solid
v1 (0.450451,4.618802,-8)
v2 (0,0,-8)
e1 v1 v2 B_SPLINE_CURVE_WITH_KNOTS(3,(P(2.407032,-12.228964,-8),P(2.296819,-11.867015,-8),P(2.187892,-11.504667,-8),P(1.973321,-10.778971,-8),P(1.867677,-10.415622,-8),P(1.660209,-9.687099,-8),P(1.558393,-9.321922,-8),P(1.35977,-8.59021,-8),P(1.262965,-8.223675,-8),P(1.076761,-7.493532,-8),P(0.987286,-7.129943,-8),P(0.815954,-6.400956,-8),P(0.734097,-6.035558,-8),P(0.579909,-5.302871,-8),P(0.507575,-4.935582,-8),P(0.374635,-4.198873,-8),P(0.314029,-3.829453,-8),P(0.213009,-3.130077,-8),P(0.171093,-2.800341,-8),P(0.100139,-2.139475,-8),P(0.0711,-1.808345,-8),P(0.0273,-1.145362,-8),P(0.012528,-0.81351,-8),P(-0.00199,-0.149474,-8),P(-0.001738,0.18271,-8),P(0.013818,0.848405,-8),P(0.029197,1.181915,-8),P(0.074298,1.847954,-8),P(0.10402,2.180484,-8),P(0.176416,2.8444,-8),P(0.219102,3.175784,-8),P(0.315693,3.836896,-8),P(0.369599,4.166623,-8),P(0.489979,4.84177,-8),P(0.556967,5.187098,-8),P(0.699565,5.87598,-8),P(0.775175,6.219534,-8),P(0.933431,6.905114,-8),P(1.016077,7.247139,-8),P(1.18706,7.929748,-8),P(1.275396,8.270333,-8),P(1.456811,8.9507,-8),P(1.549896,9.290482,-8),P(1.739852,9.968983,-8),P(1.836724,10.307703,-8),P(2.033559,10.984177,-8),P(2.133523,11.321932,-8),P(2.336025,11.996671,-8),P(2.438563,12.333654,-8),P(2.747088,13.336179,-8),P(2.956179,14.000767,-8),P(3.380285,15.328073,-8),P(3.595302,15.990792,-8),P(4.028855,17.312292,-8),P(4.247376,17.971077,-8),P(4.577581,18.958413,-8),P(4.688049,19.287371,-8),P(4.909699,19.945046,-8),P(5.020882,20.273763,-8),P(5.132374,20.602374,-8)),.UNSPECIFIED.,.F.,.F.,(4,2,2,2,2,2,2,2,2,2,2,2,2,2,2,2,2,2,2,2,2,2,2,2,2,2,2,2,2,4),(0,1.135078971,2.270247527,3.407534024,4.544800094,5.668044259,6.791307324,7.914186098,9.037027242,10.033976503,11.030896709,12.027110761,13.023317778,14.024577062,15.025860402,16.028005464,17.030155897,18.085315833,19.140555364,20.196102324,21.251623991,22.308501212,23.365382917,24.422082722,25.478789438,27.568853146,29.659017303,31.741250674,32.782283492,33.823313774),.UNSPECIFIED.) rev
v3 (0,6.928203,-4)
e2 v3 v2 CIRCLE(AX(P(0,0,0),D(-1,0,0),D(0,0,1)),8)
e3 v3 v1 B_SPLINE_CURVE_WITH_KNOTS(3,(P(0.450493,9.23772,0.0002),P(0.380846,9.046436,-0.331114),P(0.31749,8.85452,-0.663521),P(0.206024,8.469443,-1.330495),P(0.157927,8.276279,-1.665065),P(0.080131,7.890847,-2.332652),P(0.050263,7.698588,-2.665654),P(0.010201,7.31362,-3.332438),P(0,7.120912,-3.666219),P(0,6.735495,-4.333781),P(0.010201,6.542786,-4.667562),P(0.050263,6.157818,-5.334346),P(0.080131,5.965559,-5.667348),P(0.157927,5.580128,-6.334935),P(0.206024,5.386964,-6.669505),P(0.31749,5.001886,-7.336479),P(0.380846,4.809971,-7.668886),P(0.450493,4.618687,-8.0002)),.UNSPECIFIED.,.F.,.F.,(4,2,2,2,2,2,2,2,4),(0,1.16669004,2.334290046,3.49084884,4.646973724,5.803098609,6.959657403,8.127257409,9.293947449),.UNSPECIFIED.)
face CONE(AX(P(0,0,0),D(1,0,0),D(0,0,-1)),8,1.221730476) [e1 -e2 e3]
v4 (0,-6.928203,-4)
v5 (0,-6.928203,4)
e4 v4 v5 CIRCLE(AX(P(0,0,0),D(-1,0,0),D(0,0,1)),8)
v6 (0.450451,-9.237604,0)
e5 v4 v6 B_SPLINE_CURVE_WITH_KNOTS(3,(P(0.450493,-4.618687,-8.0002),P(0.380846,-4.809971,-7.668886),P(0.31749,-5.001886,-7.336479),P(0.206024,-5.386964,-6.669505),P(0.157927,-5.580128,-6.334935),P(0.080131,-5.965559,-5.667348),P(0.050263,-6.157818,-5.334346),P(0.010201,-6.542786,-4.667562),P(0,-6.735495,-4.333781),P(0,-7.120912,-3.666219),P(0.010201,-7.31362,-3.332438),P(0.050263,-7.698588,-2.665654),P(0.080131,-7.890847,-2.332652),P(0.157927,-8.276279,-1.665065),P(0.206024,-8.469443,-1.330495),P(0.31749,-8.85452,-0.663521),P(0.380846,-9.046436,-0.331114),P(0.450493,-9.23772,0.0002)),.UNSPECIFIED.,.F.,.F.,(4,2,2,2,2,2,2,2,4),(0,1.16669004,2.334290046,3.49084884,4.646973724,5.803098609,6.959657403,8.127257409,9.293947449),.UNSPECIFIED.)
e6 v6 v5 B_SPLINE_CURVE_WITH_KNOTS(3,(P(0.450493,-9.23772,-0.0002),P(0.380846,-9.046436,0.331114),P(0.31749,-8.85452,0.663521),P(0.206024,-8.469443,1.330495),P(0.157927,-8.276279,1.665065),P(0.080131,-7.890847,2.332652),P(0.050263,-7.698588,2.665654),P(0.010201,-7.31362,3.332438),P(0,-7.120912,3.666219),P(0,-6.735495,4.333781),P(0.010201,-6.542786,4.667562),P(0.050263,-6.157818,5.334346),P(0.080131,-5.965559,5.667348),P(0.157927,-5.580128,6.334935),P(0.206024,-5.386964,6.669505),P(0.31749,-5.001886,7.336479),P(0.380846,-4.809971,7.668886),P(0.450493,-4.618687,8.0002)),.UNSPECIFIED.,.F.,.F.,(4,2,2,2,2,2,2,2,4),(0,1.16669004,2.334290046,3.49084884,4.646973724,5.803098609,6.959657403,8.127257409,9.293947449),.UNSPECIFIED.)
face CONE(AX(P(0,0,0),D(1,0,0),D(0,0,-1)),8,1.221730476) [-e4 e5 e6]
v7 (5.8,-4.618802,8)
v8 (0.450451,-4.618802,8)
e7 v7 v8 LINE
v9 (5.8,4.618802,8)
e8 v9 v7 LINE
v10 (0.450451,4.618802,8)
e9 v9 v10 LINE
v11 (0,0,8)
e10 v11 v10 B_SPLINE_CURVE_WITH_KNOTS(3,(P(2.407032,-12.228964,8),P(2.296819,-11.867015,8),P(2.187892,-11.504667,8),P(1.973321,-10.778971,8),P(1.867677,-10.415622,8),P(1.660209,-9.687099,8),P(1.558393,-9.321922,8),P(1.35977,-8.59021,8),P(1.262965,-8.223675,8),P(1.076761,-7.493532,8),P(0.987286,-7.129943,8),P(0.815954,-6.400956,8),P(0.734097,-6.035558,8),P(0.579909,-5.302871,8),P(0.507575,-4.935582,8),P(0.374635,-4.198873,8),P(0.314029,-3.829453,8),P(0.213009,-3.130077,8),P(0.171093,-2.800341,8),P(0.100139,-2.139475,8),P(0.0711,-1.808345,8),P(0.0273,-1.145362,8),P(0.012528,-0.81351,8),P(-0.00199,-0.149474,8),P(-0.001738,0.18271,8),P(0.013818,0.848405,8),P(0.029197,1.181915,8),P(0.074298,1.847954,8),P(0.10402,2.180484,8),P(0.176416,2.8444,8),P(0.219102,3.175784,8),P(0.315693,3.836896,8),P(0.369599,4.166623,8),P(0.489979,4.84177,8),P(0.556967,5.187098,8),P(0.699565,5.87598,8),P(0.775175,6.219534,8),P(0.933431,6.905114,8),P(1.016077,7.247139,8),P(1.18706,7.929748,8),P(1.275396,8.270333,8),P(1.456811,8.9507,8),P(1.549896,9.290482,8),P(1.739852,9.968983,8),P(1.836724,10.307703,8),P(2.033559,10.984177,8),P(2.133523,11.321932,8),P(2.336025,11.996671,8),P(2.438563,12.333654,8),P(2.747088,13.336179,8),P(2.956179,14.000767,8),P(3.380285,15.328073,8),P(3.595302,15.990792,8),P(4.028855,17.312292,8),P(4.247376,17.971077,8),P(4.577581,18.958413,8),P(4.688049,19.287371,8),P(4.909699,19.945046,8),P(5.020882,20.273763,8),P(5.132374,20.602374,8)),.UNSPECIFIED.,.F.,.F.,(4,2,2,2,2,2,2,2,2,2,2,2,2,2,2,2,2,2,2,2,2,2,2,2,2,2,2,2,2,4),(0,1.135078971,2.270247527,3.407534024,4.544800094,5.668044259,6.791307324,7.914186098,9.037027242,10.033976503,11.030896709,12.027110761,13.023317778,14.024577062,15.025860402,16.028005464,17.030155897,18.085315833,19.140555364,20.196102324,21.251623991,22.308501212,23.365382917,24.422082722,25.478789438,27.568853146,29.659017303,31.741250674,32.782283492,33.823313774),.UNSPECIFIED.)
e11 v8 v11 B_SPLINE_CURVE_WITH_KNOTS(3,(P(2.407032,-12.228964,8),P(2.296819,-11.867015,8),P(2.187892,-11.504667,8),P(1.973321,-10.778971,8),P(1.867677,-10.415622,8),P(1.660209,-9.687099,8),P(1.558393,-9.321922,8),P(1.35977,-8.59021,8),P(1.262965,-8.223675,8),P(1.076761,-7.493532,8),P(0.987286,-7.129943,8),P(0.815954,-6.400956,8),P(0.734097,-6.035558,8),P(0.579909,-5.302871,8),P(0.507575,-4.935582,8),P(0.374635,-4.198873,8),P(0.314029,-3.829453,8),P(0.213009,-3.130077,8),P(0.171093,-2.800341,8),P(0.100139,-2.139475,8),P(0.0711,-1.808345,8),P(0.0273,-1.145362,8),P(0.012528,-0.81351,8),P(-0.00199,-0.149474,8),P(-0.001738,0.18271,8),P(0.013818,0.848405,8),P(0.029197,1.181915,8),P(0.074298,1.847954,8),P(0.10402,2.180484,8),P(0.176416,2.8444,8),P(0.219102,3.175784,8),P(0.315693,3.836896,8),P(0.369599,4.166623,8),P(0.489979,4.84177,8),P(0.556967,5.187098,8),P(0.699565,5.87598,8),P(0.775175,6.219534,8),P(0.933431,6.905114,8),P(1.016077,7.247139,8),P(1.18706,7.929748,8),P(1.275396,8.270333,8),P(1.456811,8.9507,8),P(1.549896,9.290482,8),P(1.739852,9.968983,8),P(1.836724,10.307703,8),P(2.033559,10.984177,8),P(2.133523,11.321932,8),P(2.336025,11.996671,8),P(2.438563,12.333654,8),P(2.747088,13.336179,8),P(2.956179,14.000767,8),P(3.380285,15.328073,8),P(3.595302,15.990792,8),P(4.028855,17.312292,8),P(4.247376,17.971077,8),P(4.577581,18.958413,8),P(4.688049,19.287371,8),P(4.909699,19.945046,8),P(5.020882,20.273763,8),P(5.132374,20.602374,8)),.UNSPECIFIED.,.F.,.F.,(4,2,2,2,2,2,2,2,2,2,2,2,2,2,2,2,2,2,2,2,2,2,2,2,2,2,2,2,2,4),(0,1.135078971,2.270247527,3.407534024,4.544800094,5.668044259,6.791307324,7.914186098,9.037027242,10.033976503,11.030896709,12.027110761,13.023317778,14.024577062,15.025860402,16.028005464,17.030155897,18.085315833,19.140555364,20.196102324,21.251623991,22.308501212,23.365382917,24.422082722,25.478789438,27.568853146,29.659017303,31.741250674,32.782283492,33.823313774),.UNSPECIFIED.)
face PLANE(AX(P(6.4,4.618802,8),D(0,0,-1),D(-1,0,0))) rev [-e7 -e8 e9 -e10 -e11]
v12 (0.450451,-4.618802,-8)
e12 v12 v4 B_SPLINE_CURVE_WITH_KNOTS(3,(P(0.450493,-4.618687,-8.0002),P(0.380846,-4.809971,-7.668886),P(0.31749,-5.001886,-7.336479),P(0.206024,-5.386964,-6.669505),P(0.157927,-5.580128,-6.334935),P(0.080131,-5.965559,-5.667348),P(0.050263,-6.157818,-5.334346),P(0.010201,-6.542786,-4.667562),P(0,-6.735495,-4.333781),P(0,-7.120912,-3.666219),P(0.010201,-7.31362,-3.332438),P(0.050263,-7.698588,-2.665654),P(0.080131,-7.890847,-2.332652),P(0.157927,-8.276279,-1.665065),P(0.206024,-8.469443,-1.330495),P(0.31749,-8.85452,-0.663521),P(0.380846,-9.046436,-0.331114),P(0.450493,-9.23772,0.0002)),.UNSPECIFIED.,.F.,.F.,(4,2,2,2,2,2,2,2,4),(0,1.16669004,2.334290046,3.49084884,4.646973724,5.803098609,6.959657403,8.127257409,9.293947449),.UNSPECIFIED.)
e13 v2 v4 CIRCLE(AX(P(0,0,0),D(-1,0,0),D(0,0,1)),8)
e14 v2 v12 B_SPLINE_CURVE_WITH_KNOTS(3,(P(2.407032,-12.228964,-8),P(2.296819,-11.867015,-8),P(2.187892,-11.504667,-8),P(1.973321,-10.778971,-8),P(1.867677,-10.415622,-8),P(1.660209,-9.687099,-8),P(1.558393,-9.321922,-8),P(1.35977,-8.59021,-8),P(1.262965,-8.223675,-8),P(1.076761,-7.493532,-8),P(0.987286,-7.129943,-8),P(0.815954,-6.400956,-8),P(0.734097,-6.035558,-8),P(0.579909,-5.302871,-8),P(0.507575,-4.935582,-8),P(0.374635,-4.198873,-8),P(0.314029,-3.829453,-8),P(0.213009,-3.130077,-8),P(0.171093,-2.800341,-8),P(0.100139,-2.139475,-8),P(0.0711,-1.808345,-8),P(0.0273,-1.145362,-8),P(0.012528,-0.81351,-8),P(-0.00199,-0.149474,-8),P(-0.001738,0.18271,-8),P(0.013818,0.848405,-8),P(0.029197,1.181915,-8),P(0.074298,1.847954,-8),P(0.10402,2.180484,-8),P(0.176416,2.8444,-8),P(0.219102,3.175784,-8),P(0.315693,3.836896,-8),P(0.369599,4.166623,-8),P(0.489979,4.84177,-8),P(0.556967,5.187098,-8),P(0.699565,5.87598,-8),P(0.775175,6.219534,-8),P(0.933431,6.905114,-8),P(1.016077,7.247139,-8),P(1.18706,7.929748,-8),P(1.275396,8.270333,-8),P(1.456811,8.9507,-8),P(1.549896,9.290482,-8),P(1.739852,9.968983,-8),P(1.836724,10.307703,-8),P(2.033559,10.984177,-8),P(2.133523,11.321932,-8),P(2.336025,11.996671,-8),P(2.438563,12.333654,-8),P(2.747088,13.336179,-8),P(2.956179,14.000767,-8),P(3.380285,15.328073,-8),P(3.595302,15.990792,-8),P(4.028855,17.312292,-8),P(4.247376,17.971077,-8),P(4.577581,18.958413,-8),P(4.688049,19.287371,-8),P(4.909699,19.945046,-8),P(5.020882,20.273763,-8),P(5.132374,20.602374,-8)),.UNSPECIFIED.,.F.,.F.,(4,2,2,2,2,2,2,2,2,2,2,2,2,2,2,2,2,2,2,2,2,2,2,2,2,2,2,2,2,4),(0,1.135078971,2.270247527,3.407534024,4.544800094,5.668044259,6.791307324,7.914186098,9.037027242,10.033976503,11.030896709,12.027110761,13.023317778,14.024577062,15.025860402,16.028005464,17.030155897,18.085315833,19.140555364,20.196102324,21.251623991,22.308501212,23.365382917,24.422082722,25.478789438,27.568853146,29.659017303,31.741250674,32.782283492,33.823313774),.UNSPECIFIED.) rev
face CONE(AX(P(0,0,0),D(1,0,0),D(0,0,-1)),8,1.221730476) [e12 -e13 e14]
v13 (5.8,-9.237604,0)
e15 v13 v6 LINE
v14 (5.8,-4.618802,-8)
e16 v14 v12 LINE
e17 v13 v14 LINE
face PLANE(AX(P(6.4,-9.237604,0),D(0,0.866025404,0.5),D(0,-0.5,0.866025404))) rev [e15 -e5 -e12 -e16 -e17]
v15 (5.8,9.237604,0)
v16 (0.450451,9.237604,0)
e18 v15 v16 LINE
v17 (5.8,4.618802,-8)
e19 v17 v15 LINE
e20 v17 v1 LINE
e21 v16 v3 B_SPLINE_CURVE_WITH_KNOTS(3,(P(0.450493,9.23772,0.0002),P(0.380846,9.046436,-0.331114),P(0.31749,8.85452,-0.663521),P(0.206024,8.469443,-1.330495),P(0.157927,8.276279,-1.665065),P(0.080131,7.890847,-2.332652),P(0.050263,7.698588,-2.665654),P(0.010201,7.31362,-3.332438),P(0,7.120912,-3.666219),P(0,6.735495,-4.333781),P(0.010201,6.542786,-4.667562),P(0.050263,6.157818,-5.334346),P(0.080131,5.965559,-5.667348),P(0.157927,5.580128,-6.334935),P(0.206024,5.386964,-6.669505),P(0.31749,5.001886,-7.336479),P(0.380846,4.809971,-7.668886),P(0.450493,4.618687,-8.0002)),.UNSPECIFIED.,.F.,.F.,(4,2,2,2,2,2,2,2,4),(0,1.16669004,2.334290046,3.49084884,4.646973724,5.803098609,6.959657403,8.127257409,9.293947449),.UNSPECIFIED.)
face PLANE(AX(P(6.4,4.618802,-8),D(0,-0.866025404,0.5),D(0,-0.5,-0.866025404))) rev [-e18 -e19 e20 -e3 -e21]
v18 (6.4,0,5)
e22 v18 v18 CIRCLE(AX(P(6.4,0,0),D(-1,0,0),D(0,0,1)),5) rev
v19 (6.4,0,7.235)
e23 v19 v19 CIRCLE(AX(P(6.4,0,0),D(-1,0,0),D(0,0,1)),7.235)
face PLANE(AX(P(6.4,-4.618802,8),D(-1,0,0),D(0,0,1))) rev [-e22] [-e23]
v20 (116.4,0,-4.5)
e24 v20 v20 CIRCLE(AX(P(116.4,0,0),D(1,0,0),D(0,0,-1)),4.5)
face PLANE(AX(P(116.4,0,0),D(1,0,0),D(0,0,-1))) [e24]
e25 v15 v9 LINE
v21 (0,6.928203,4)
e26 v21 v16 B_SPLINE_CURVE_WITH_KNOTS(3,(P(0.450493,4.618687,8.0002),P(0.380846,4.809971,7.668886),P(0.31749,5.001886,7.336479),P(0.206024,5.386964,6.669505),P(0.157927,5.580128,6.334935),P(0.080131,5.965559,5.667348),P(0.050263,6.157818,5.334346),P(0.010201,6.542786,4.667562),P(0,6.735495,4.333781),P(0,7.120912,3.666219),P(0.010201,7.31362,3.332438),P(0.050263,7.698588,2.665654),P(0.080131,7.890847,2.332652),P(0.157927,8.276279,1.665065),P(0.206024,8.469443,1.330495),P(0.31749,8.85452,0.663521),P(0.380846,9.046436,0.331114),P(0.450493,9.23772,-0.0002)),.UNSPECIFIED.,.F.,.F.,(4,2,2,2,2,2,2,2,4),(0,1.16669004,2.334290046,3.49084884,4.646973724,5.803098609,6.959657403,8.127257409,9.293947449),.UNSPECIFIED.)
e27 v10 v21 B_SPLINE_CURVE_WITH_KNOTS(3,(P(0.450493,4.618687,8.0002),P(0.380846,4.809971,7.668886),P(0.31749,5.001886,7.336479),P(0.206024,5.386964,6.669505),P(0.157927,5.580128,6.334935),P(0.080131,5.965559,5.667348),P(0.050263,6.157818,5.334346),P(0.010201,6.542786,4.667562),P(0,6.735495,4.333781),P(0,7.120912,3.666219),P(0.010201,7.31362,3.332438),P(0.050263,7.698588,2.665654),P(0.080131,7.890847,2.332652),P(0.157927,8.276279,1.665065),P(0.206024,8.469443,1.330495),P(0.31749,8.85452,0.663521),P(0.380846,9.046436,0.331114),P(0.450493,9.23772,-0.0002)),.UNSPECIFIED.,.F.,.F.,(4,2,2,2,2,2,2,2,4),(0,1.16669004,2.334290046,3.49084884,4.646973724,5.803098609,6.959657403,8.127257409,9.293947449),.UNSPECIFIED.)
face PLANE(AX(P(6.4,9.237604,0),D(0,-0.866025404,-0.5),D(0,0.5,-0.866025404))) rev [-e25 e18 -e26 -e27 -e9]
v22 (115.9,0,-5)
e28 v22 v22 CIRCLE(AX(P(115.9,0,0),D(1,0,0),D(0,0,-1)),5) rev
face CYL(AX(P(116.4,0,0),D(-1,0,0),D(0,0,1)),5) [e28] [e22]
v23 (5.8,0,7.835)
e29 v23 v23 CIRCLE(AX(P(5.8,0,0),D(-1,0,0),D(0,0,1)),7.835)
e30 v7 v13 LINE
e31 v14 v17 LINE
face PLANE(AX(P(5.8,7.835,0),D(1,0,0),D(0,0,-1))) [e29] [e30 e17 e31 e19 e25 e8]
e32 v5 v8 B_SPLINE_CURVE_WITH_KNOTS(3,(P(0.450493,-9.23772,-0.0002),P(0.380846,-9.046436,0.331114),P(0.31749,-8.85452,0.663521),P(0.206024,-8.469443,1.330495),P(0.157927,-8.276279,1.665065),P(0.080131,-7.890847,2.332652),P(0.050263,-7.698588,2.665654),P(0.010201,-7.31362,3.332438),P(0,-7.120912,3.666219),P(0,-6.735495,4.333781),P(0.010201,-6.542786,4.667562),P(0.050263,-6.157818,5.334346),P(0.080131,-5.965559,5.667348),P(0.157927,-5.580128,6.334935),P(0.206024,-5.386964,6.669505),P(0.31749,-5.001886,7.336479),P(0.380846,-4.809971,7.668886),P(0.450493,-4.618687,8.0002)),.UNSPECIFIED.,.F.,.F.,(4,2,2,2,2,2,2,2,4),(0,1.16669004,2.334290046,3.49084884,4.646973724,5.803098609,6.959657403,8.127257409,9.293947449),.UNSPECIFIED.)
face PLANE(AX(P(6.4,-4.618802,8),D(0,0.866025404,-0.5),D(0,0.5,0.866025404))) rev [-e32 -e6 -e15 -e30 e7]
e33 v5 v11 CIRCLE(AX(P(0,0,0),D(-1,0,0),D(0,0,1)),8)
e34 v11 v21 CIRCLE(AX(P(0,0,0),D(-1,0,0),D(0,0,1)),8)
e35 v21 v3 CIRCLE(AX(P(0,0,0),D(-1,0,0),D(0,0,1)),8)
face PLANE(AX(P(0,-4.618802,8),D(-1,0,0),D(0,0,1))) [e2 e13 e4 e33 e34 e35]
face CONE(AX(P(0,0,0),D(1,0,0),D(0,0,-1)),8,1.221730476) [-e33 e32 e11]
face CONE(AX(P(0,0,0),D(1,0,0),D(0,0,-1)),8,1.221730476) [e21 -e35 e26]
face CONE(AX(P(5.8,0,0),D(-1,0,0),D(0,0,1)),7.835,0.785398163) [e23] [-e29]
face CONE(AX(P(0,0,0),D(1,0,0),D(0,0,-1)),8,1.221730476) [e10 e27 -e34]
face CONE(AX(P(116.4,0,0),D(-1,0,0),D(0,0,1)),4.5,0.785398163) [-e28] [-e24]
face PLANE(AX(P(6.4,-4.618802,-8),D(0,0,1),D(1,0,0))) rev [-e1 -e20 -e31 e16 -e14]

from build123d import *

# Parameters (mm, degrees)
BASEHEAD_DEPTH = 6.4
SKETCH5_R      = 5
BASEBODY_DEPTH = 110
CHAMFER1_SIZE  = 0.5


with BuildPart() as part:
    # Sketch2 → BaseHead (new body)
    with BuildSketch(Plane(origin=(0, 0, 0), x_dir=(0, 0, -1), z_dir=(1, 0, 0))):
        Polygon((0, -9.237604307), (8, -4.618802154), (8, 4.618802154), (0, 9.237604307), (-8, 4.618802154), (-8, -4.618802154), align=None)
    extrude(amount=BASEHEAD_DEPTH)

    # Sketch3 → BearingFace (revolve, cut)
    with BuildSketch(Plane.XY, mode=Mode.PRIVATE) as bearingface_sk:
        Polygon((6.4, 9.237604307), (6.4, 7.235), (5.8, 7.835), (5.8, 9.237604307), align=None)
    revolve(bearingface_sk.sketch.rotate(Axis((-0.957090588, 0, 0), (1, 0, 0)), 90), axis=Axis((-0.957090588, 0, 0), (1, 0, 0)), mode=Mode.SUBTRACT)

    # Sketch4 → HeadChamfer (revolve, cut)
    with BuildSketch(Plane.XY):
        Polygon((0, 9.237604307), (0.45045113, 9.237604307), (0, 8), align=None)
    revolve(axis=Axis((-0.493528746, 0, 0), (1, 0, 0)), mode=Mode.SUBTRACT)

    # Sketch5 → BaseBody (add)
    with BuildSketch(Plane(origin=(6.4, 0, 0), x_dir=(0, 0, -1), z_dir=(1, 0, 0))):
        with Locations(Location((0, 0, 0), (0, 0, 180))):
            Circle(SKETCH5_R)
    extrude(amount=BASEBODY_DEPTH)

    # Chamfer1
    chamfer1_edges = [part.edges().sort_by_distance(p)[0] for p in [
        (116.4, 0, -5),
    ]]
    chamfer(chamfer1_edges, length=CHAMFER1_SIZE)


solid = part.part
